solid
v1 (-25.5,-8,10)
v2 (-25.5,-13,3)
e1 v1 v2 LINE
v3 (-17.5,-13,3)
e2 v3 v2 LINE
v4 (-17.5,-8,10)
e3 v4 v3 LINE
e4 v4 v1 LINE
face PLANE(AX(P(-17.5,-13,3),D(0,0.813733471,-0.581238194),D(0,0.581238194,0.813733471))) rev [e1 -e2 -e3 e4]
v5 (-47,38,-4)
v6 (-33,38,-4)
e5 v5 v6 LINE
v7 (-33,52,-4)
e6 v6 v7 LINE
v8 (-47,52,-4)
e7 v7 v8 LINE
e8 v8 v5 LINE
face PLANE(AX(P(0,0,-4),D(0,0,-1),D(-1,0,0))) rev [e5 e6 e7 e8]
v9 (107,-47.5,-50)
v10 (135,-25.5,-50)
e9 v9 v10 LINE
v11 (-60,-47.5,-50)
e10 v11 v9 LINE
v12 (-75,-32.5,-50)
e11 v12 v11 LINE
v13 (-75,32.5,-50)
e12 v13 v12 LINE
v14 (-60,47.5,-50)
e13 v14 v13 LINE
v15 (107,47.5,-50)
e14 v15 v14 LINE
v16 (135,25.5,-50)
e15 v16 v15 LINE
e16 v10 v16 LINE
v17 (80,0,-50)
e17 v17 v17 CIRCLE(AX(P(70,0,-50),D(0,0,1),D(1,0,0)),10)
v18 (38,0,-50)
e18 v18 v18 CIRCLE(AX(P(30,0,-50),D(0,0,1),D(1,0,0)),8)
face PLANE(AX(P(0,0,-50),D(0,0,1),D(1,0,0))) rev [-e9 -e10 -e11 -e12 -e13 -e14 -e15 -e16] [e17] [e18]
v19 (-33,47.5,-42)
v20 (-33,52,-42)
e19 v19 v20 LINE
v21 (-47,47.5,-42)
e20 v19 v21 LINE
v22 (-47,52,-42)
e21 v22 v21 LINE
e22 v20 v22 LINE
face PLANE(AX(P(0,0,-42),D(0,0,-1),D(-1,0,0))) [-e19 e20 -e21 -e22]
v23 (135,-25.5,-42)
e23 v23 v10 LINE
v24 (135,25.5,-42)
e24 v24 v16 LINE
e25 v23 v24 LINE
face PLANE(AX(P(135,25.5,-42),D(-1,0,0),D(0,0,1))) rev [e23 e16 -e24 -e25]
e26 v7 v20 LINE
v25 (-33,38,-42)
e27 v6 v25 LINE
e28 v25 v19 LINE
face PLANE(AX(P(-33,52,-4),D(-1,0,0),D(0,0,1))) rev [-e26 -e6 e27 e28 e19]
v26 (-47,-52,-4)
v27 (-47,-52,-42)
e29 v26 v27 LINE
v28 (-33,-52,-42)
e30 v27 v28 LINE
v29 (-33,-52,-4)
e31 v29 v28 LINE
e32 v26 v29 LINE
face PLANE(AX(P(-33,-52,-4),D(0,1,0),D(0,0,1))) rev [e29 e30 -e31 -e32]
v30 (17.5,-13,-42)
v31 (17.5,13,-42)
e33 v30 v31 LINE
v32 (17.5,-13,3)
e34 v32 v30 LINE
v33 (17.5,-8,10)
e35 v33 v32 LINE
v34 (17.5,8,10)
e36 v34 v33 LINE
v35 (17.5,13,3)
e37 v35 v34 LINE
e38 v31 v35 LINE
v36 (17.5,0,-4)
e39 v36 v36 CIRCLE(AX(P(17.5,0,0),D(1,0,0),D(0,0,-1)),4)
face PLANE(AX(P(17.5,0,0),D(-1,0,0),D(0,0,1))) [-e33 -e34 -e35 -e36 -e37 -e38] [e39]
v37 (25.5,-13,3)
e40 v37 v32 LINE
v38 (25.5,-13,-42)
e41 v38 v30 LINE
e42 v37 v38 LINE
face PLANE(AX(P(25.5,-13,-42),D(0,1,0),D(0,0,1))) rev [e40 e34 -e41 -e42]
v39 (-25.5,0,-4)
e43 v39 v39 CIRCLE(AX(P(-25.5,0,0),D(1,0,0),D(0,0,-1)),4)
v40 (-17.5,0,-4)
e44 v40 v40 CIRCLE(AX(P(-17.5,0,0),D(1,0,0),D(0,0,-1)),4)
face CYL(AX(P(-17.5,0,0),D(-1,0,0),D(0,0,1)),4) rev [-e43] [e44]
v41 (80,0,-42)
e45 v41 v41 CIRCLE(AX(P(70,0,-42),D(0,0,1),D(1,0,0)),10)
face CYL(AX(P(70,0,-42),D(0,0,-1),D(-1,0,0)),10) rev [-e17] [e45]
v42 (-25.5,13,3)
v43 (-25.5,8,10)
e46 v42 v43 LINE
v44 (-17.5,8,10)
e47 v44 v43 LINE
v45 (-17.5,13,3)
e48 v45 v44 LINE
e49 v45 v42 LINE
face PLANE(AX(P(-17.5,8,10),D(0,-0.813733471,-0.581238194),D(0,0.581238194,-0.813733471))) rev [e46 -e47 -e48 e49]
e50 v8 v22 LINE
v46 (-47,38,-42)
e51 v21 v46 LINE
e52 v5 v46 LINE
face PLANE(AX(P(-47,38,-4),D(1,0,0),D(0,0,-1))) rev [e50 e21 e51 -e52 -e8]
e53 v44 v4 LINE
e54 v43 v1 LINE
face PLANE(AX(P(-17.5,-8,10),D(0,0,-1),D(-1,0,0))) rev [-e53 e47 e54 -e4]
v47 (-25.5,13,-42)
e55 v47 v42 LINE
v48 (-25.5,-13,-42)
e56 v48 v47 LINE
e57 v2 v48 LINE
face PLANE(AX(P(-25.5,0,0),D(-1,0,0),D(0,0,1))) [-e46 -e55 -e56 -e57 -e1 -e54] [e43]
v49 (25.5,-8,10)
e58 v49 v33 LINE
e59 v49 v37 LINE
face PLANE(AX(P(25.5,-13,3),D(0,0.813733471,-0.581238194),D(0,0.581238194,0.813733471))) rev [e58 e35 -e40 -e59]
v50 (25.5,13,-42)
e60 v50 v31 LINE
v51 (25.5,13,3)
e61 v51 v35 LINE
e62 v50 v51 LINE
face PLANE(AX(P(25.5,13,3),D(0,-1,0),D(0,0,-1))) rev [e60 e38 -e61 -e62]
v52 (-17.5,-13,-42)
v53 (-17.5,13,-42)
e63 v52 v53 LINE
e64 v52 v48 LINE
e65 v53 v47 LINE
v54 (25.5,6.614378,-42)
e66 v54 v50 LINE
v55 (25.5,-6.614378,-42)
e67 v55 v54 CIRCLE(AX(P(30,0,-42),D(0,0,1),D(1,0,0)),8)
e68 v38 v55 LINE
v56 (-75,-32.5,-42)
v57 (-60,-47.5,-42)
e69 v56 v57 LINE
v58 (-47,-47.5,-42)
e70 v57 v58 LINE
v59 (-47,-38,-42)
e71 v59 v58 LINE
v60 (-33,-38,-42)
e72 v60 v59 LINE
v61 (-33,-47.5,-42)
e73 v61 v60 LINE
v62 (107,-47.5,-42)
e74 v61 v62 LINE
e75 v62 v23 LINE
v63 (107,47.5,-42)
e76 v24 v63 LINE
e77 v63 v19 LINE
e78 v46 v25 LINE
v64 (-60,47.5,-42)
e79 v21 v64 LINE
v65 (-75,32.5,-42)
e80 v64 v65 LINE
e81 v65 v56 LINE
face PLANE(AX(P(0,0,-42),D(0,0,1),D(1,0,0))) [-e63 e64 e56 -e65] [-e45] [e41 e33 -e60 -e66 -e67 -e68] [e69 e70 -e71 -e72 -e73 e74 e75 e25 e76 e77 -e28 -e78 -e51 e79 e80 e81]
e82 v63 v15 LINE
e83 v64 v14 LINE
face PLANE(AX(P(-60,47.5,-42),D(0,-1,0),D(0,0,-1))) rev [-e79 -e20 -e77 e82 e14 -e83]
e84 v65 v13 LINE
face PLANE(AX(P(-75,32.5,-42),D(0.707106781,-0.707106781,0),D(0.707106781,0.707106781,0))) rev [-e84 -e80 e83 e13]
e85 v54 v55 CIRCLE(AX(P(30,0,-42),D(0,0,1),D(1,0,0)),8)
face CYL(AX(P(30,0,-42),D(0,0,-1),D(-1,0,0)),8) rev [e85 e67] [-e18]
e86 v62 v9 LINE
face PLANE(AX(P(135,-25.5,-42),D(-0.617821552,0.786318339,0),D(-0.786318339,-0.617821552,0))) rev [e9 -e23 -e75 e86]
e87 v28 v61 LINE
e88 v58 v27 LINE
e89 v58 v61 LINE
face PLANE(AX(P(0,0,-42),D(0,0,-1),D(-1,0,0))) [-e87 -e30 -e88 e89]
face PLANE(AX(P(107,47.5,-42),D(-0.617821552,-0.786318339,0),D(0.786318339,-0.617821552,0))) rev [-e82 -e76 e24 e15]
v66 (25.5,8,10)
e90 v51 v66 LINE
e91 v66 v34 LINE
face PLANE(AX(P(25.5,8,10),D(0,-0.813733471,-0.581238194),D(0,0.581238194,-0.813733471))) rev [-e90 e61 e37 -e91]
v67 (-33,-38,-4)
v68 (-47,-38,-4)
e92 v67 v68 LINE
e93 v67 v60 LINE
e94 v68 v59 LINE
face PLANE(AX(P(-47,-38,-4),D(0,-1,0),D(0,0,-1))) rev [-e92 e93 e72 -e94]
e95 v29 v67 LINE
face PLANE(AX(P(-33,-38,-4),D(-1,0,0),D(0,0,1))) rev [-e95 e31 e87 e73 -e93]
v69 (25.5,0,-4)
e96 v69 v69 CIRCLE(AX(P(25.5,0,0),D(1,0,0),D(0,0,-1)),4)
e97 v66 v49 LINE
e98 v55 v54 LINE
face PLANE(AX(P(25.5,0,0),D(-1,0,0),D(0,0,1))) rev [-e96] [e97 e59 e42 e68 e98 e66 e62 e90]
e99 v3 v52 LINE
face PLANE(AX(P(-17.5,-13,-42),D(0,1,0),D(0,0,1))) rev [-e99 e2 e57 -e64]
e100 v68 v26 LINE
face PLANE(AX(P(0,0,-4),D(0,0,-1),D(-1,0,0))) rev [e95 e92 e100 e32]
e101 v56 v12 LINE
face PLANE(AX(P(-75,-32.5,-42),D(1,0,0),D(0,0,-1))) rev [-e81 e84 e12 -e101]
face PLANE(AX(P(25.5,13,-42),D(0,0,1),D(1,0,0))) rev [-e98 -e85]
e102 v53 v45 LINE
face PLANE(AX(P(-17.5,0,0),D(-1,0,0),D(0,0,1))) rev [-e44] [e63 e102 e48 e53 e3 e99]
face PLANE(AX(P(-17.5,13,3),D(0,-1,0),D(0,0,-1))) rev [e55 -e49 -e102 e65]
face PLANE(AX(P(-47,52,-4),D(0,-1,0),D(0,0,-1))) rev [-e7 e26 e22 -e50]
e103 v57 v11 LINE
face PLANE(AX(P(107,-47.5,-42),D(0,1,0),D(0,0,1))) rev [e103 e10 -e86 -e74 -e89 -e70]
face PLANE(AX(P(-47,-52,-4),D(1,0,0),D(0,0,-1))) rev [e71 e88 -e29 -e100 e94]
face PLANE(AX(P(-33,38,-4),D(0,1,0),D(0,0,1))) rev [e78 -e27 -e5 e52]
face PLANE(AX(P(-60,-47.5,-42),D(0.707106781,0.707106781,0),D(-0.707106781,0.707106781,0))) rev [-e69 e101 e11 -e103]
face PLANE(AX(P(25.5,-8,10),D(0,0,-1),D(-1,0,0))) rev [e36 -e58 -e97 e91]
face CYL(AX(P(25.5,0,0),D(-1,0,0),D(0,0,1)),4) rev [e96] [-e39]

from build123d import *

# Parameters (mm, degrees)
SK_SOLE_PLATE_R    = 10
SK_SOLE_PLATE_R_2  = 8
SOLE_PLATE_DEPTH   = 8
SK_CLEVIS_FRONT_R  = 4
CLEVIS_FRONT_DEPTH = 8
SK_CLEVIS_BACK_R   = 4
CLEVIS_BACK_DEPTH  = 8
SK_POST_LAT_W      = 14
SK_POST_LAT_H      = 14
POST_LAT_DEPTH     = 38
SK_POST_MED_W      = 14
SK_POST_MED_H      = 14
POST_MED_DEPTH     = 38


with BuildPart() as part:
    # SK_Sole_Plate → Sole_Plate (new body)
    with BuildSketch(Plane.XY.offset(-50)):
        Polygon((-60, 47.5), (107, 47.5), (135, 25.5), (135, -25.5), (107, -47.5), (-60, -47.5), (-75, -32.5), (-75, 32.5), align=None)
        with Locations((70, 0)):
            Circle(SK_SOLE_PLATE_R, mode=Mode.SUBTRACT)
        with Locations((30, 0)):
            Circle(SK_SOLE_PLATE_R_2, mode=Mode.SUBTRACT)
    extrude(amount=SOLE_PLATE_DEPTH)

    # SK_Clevis_Front → Clevis_Front (add)
    with BuildSketch(Plane(origin=(17.5, 0, 0), x_dir=(0, 0, -1), z_dir=(1, 0, 0))):
        Polygon((42, 13), (42, -13), (-3, -13), (-10, -8), (-10, 8), (-3, 13), align=None)
        Circle(SK_CLEVIS_FRONT_R, mode=Mode.SUBTRACT)
    extrude(amount=CLEVIS_FRONT_DEPTH)

    # SK_Clevis_Back → Clevis_Back (add)
    with BuildSketch(Plane(origin=(-25.5, 0, 0), x_dir=(0, 0, -1), z_dir=(1, 0, 0))):
        Polygon((42, 13), (42, -13), (-3, -13), (-10, -8), (-10, 8), (-3, 13), align=None)
        Circle(SK_CLEVIS_BACK_R, mode=Mode.SUBTRACT)
    extrude(amount=CLEVIS_BACK_DEPTH)

    # SK_Post_Lat → Post_Lat (add)
    with BuildSketch(Plane.XY.offset(-42)):
        with Locations((-40, -45)):
            Rectangle(SK_POST_LAT_W, SK_POST_LAT_H)
    extrude(amount=POST_LAT_DEPTH)

    # SK_Post_Med → Post_Med (add)
    with BuildSketch(Plane.XY.offset(-42)):
        with Locations((-40, 45)):
            Rectangle(SK_POST_MED_W, SK_POST_MED_H)
    extrude(amount=POST_MED_DEPTH)


solid = part.part
